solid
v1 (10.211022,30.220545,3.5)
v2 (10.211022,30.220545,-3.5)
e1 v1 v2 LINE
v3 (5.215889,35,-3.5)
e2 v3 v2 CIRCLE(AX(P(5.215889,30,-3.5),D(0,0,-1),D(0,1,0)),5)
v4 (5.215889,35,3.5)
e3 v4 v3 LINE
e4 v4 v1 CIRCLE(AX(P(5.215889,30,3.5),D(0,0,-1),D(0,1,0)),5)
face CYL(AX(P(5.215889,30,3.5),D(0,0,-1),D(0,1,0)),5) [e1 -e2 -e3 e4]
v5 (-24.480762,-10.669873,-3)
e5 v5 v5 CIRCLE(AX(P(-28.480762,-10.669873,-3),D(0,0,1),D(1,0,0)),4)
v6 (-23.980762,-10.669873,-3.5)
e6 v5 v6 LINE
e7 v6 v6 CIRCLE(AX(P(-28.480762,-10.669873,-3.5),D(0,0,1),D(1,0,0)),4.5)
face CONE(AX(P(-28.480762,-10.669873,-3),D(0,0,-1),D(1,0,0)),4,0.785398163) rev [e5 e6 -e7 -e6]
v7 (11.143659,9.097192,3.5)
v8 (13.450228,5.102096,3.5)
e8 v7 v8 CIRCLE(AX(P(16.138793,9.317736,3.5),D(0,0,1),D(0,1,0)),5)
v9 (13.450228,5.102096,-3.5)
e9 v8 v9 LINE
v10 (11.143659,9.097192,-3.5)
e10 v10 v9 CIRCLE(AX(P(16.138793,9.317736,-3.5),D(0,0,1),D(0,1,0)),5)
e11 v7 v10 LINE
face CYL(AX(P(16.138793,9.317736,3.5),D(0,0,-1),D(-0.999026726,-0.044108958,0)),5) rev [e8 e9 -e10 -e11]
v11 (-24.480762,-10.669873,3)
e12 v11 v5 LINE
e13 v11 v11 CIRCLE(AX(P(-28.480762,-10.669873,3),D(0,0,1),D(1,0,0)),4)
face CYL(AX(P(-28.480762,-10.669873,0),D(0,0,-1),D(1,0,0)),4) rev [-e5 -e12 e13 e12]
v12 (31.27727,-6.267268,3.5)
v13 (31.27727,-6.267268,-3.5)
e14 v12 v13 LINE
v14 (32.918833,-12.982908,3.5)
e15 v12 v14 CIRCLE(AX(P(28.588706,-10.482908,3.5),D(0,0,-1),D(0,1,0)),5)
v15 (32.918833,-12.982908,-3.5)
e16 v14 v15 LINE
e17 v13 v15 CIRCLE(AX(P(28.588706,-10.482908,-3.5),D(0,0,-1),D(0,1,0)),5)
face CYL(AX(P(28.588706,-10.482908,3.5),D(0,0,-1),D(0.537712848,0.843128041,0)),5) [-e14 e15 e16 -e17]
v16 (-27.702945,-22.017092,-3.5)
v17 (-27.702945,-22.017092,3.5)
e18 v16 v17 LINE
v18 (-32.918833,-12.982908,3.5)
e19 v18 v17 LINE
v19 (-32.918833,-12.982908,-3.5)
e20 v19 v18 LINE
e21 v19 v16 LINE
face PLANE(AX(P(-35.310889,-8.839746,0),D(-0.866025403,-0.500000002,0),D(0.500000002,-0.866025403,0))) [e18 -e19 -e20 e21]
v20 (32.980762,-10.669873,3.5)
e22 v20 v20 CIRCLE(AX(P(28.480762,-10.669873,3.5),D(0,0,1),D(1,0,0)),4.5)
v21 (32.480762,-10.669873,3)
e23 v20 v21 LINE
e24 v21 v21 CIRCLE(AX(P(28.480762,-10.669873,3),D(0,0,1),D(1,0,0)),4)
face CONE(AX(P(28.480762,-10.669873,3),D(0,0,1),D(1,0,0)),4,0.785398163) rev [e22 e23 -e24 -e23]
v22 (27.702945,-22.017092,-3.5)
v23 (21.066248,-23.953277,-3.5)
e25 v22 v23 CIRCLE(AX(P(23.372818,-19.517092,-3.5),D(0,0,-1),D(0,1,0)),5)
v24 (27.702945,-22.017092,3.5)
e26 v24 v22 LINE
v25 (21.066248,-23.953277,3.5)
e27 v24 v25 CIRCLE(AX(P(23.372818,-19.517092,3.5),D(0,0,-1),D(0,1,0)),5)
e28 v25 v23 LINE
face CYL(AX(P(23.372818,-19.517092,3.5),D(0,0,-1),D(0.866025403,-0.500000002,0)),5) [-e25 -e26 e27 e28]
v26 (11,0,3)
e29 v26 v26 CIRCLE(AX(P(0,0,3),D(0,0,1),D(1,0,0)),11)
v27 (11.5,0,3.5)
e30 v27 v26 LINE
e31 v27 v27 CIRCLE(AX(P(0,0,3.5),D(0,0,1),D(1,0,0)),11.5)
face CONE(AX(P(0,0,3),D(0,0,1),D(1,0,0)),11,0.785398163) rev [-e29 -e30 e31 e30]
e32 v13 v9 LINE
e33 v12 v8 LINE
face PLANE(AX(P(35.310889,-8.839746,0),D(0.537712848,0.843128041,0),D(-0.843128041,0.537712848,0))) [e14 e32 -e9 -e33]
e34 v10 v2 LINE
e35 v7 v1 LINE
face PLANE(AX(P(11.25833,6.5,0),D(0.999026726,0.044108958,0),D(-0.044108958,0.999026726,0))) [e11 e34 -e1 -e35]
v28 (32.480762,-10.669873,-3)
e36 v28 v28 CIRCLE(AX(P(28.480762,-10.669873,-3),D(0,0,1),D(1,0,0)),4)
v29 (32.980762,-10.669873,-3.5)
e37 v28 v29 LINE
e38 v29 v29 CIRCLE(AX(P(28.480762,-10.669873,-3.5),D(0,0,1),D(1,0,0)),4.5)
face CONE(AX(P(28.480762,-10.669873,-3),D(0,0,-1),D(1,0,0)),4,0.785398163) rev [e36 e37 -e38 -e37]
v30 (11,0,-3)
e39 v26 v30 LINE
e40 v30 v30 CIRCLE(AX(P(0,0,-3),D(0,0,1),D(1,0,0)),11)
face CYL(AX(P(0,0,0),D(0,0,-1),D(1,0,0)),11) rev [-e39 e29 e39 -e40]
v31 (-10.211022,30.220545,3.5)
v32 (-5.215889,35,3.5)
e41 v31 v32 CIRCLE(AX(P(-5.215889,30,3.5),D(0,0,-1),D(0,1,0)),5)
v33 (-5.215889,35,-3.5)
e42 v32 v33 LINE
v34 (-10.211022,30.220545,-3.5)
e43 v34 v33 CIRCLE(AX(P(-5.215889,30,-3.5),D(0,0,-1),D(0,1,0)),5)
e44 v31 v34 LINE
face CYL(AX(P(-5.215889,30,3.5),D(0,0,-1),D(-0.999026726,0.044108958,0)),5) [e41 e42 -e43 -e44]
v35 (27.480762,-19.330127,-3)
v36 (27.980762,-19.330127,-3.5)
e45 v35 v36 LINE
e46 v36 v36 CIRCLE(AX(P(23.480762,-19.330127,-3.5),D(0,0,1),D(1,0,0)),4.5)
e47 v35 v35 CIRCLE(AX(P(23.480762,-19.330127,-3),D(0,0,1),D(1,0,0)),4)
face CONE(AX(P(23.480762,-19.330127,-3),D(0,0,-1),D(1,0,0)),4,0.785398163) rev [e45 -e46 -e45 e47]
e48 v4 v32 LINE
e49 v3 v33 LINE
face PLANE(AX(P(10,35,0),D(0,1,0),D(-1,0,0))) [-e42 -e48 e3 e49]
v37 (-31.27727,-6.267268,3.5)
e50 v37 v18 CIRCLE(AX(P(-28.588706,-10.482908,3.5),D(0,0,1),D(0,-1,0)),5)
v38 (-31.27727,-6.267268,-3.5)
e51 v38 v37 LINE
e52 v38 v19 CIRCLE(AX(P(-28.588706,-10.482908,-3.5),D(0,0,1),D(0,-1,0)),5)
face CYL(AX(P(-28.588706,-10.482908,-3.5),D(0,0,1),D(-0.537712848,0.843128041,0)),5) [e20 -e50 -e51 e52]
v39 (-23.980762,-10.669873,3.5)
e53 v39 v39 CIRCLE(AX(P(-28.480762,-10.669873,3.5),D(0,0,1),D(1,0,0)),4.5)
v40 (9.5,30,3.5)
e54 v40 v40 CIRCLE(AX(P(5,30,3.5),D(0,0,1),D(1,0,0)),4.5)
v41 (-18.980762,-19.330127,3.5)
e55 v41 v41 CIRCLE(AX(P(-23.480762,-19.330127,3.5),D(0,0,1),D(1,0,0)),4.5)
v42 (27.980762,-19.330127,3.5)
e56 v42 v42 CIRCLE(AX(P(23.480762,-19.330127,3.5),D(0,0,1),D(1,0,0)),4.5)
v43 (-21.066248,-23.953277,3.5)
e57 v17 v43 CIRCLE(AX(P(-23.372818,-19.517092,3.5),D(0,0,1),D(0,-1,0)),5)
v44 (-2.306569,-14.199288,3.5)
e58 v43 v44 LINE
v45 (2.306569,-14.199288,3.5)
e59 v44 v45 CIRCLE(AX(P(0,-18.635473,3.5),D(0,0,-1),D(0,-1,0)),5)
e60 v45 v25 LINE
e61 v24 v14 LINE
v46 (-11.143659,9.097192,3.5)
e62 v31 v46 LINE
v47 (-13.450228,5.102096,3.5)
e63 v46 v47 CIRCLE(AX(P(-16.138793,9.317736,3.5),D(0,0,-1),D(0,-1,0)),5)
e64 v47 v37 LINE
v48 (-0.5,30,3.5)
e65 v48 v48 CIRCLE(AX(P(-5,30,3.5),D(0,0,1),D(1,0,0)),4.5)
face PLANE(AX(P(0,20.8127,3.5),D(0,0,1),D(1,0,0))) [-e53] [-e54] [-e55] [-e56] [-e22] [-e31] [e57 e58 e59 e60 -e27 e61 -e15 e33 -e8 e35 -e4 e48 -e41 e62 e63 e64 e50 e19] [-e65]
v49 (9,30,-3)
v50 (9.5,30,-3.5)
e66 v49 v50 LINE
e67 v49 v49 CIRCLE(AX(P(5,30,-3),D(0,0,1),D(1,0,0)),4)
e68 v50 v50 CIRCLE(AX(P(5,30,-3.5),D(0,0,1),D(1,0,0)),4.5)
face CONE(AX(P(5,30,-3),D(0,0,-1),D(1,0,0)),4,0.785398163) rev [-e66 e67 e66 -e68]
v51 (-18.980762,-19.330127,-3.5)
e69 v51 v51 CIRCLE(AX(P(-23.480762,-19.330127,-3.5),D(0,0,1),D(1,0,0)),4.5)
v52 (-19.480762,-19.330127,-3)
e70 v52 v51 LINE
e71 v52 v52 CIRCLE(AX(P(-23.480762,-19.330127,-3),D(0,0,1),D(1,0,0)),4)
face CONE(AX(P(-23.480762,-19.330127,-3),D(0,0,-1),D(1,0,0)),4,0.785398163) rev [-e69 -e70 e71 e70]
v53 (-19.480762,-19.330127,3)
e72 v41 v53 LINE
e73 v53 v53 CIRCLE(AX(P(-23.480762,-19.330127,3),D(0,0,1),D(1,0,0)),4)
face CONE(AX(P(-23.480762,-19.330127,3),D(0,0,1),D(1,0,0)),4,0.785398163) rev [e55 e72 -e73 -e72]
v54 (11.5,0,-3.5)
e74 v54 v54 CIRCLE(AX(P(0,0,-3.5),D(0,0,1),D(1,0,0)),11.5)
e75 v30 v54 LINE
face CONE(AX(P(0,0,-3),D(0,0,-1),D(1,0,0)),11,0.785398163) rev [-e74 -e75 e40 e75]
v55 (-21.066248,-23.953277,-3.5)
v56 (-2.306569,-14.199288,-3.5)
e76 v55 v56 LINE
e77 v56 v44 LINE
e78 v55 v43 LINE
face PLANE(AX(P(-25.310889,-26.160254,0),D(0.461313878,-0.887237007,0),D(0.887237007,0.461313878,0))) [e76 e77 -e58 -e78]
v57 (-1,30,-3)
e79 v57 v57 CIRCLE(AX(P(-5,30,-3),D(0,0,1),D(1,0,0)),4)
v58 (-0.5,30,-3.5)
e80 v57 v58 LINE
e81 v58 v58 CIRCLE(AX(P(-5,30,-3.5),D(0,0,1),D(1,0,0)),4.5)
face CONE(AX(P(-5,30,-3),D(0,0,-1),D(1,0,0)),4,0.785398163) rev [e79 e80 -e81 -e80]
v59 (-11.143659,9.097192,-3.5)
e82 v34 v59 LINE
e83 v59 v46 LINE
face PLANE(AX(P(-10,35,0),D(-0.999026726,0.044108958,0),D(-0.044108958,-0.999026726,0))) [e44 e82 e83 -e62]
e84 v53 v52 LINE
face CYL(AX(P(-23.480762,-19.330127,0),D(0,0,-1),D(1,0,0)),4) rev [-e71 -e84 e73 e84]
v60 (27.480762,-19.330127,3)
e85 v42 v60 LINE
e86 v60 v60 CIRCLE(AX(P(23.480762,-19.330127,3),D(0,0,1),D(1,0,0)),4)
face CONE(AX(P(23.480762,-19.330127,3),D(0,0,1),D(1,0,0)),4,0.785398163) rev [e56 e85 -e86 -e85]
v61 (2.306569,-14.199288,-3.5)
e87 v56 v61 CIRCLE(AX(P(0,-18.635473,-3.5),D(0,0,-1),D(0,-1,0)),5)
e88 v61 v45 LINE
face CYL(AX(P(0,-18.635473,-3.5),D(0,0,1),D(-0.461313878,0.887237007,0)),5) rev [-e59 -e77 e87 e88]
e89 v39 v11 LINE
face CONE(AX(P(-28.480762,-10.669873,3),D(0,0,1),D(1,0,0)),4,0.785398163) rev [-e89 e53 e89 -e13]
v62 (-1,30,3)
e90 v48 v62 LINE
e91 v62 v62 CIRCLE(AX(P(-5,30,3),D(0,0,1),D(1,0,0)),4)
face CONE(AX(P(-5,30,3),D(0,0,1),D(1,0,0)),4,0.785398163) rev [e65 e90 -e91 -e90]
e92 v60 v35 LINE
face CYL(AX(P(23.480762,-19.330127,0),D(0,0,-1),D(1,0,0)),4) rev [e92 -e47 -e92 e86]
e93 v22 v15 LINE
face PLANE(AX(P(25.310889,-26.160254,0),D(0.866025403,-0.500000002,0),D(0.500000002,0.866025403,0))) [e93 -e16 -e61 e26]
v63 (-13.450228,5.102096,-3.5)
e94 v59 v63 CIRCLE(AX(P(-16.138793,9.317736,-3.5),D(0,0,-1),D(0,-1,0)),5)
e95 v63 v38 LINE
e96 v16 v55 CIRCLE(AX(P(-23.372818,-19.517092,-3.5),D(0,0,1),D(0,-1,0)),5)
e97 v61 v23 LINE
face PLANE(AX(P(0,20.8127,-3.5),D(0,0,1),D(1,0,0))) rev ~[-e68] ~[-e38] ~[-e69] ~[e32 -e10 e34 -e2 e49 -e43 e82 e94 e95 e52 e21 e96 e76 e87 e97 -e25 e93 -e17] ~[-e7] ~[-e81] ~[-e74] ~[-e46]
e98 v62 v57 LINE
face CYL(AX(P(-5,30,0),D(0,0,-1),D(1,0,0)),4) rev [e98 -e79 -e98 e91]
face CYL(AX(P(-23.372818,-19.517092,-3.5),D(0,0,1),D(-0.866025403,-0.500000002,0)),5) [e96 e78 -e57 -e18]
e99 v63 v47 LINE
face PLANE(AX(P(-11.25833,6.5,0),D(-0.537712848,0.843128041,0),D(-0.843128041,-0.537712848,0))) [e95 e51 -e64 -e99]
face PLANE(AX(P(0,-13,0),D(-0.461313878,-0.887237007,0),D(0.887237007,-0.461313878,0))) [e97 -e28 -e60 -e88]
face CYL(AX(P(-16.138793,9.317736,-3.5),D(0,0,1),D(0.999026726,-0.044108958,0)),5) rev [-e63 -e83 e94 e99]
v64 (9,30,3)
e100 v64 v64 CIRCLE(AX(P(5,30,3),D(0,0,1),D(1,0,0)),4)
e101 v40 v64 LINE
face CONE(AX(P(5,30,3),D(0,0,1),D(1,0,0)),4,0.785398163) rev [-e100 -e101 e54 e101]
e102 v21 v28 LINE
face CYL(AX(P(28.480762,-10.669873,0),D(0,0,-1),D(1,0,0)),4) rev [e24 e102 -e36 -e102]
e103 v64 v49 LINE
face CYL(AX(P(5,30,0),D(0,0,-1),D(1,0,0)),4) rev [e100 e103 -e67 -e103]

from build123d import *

# Parameters (mm, degrees)
F0_R     = 4
F0_R_2   = 11
F1_DEPTH = 3.5
F2_SIZE  = 0.5
F3_R     = 5


with BuildPart() as f1:
    # F0 (on Top) → F1 (new body, symmetric)
    with BuildSketch(Plane.XY):
        with BuildLine():
            ThreePointArc((-11.25833, 6.5), (0, 13), (11.25833, 6.5))
            Line((11.25833, 6.5), (10, 35))
            Line((10, 35), (-10, 35))
            Line((-10, 35), (-11.25833, 6.5))
        make_face()
        with Locations((-5, 30)):
            Circle(F0_R, mode=Mode.SUBTRACT)
        with Locations((5, 30)):
            Circle(F0_R, mode=Mode.SUBTRACT)
        with BuildLine():
            ThreePointArc((0, -13), (9.192388, -9.192388), (13, 0))
            ThreePointArc((13, 0), (12.557036, 3.364648), (11.25833, 6.5))
            ThreePointArc((11.25833, 6.5), (0, 13), (-11.25833, 6.5))
            ThreePointArc((-11.25833, 6.5), (-11.25833, -6.5), (0, -13))
        make_face()
        Circle(F0_R_2, mode=Mode.SUBTRACT)
        with BuildLine():
            Line((-25.310889, -26.160254), (0, -13))
            ThreePointArc((0, -13), (-11.25833, -6.5), (-11.25833, 6.5))
            Line((-11.25833, 6.5), (-35.310889, -8.839746))
            Line((-35.310889, -8.839746), (-25.310889, -26.160254))
        make_face()
        with Locations((-23.480762, -19.330127)):
            Circle(F0_R, mode=Mode.SUBTRACT)
        with Locations((-28.480762, -10.669873)):
            Circle(F0_R, mode=Mode.SUBTRACT)
        with BuildLine():
            ThreePointArc((11.25833, 6.5), (12.557036, 3.364648), (13, 0))
            ThreePointArc((13, 0), (9.192388, -9.192388), (0, -13))
            Line((0, -13), (25.310889, -26.160254))
            Line((25.310889, -26.160254), (35.310889, -8.839746))
            Line((35.310889, -8.839746), (11.25833, 6.5))
        make_face()
        with Locations((23.480762, -19.330127)):
            Circle(F0_R, mode=Mode.SUBTRACT)
        with Locations((28.480762, -10.669873)):
            Circle(F0_R, mode=Mode.SUBTRACT)
    extrude(amount=F1_DEPTH, both=True)

    # F2
    f2_edges = [f1.edges().sort_by_distance(p)[0] for p in [
        (-9, 30, 3.5),
        (1, 30, 3.5),
        (-11, 0, 3.5),
        (-32.480762, -10.669873, 3.5),
        (-27.480762, -19.330127, 3.5),
        (24.480762, -10.669873, 3.5),
        (19.480762, -19.330127, 3.5),
        (-11, 0, -3.5),
        (-27.480762, -19.330127, -3.5),
        (-32.480762, -10.669873, -3.5),
        (19.480762, -19.330127, -3.5),
        (24.480762, -10.669873, -3.5),
        (1, 30, -3.5),
        (-9, 30, -3.5),
    ]]
    chamfer(f2_edges, length=F2_SIZE)

    # F3
    f3_edges = [f1.edges().sort_by_distance(p)[0] for p in [
        (-25.310889, -26.160254, 0),
        (-35.310889, -8.839746, 0),
        (25.310889, -26.160254, 0),
        (35.310889, -8.839746, 0),
        (10, 35, 0),
        (-10, 35, 0),
        (-11.25833, 6.5, 0),
        (11.25833, 6.5, 0),
        (0, -13, 0),
    ]]
    fillet(f3_edges, radius=F3_R)


solid = f1.part
